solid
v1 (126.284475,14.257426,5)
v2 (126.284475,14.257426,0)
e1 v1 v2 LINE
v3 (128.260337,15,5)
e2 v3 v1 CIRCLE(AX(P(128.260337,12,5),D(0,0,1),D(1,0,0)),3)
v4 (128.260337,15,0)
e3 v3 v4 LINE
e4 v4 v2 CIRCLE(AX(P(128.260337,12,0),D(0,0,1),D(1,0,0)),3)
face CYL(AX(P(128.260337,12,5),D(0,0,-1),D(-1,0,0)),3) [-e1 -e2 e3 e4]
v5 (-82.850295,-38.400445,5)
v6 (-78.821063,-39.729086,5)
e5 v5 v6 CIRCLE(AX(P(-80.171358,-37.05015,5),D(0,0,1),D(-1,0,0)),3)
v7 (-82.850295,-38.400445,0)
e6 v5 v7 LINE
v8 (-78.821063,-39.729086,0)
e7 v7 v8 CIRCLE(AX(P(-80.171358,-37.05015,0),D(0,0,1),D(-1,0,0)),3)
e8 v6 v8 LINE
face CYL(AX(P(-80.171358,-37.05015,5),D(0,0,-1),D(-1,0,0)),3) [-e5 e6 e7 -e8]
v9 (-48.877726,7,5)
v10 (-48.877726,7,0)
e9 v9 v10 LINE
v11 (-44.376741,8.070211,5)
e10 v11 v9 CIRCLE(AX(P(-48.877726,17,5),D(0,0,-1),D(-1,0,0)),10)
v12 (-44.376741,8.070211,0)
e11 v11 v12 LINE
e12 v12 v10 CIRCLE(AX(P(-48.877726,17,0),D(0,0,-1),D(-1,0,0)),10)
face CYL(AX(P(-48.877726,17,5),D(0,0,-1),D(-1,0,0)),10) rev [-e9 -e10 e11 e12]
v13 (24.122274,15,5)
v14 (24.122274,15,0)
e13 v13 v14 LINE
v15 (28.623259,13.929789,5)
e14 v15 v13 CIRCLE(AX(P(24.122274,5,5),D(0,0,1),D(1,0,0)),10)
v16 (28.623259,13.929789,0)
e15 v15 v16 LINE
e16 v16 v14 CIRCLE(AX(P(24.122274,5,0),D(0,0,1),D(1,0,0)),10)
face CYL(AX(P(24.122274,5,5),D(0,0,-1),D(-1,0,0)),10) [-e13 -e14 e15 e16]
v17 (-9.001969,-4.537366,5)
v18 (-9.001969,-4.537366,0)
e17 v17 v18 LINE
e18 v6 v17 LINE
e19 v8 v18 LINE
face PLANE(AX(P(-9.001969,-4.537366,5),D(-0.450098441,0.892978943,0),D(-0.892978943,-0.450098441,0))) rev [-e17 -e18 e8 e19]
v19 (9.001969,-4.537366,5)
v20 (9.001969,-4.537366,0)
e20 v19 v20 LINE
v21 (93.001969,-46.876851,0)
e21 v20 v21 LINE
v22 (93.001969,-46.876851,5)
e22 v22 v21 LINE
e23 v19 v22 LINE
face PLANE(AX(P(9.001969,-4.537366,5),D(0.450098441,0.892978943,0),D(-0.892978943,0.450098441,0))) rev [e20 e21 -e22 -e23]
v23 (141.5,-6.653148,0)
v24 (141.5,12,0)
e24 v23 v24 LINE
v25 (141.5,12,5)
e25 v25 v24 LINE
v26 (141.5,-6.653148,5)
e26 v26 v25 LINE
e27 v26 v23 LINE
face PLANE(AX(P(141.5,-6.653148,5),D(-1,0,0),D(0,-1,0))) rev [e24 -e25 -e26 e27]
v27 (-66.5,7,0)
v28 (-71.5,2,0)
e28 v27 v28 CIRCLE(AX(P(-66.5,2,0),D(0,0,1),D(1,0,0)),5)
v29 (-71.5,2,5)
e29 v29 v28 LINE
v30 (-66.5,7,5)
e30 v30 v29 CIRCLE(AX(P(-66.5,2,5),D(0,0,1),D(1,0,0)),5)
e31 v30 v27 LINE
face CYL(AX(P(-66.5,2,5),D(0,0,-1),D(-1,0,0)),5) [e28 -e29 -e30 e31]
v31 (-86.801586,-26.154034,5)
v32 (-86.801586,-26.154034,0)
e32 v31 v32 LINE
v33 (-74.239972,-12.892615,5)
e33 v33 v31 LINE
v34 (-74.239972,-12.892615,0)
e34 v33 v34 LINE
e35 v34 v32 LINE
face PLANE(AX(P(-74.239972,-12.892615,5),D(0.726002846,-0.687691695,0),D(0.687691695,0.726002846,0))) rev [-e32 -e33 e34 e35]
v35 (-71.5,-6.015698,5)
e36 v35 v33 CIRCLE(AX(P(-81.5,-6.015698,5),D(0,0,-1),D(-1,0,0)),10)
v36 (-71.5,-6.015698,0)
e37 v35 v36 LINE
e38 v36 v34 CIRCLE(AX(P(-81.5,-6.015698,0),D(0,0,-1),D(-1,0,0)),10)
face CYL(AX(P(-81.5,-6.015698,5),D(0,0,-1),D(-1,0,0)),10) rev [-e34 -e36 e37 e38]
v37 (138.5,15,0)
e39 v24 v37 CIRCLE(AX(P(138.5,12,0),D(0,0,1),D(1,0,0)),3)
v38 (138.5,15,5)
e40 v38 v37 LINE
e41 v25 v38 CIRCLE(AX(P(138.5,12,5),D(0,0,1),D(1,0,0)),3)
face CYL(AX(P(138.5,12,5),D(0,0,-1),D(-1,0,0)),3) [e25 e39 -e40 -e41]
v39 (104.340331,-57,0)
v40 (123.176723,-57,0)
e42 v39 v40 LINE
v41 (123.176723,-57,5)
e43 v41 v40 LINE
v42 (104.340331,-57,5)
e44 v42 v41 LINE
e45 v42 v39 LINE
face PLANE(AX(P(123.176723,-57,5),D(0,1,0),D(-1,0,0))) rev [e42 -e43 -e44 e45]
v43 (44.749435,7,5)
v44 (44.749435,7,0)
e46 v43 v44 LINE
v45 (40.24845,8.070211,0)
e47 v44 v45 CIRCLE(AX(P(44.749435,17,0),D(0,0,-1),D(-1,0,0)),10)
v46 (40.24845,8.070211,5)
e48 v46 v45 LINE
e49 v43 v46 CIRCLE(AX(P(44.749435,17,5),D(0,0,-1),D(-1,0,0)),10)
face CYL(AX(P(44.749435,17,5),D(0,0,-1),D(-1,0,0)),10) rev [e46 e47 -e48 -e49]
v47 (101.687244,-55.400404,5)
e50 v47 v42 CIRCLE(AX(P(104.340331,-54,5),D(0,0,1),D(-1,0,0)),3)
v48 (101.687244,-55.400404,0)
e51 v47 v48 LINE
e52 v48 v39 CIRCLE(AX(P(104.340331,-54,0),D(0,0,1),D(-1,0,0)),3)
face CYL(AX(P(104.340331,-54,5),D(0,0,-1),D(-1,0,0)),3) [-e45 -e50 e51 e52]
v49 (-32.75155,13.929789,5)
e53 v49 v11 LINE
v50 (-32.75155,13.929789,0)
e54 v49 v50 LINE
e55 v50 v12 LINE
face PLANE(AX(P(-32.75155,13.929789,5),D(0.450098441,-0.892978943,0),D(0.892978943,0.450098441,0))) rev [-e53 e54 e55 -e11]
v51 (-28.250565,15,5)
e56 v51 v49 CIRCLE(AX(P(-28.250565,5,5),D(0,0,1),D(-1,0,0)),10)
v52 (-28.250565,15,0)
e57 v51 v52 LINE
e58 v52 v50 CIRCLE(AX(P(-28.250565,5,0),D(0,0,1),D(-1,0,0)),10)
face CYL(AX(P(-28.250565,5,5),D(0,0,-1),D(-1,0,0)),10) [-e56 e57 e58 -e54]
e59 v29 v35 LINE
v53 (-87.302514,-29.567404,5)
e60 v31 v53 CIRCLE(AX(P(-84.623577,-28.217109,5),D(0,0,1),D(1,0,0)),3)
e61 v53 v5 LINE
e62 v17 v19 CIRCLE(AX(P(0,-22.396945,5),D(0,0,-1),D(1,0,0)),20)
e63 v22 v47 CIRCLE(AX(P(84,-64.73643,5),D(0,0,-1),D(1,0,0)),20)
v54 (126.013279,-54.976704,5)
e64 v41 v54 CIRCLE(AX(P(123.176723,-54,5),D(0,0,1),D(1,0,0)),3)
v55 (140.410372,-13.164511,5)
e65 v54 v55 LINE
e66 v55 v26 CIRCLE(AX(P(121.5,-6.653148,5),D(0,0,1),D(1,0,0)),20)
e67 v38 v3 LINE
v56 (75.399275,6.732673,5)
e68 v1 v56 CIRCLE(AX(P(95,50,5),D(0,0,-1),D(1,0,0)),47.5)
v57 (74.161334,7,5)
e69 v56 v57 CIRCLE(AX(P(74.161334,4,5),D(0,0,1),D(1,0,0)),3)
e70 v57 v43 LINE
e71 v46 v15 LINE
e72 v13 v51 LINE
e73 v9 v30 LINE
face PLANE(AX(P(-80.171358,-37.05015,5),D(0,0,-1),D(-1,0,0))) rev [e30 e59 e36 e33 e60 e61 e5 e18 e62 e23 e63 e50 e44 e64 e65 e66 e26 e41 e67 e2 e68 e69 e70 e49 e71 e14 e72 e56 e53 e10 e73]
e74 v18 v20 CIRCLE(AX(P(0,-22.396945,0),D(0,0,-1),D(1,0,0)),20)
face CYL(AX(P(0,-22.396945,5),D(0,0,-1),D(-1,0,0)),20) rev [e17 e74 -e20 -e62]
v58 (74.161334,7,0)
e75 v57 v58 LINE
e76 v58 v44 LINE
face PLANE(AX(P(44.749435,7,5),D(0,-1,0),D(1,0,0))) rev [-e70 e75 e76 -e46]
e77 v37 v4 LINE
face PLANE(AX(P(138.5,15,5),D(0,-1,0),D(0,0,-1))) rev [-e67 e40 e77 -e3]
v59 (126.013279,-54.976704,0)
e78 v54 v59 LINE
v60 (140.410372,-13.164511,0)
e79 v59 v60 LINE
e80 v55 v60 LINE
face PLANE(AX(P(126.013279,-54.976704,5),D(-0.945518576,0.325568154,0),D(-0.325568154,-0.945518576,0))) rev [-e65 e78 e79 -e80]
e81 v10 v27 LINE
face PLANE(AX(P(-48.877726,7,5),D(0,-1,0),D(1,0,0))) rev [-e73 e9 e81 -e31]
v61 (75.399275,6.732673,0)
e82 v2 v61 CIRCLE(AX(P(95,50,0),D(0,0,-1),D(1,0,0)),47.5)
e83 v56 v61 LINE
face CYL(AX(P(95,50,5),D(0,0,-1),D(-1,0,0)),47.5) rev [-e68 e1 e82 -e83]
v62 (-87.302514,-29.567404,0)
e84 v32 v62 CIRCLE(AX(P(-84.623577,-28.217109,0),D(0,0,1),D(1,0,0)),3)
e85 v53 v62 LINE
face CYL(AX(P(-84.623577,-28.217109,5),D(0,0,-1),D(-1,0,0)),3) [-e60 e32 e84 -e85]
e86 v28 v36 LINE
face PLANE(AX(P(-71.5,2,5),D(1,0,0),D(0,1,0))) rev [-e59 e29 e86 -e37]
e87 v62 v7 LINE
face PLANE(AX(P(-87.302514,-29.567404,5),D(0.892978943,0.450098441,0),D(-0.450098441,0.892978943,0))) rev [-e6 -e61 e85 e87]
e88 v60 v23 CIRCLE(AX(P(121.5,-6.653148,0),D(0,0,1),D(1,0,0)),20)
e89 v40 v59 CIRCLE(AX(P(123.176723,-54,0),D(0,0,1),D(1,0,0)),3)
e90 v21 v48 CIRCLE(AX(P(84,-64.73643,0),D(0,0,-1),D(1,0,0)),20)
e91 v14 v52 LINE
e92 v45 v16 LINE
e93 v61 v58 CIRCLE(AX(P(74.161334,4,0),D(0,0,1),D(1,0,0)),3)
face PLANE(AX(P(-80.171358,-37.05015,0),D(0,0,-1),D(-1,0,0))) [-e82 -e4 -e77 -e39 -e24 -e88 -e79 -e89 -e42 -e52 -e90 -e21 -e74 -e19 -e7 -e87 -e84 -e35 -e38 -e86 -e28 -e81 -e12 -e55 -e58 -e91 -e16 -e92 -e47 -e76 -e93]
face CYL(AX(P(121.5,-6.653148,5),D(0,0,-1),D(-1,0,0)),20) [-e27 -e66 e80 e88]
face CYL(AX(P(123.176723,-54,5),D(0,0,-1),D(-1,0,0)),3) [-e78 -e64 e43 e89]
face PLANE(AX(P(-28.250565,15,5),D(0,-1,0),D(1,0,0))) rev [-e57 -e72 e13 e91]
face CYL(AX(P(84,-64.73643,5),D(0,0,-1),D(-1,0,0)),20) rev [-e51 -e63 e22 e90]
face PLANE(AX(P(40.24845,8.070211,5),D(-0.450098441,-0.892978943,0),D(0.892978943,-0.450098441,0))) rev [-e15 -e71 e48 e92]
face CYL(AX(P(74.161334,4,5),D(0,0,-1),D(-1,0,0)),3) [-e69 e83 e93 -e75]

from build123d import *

# Parameters (mm, degrees)
EXTRUDE1_DEPTH = 5


with BuildPart() as part:
    # Sketch1 → Extrude1 (new body)
    with BuildSketch(Plane.XY):
        with BuildLine():
            Line((9.001968821, -4.537365816), (93.001968821, -46.87685134))
            ThreePointArc((93.001968821, -46.87685134), (98.008613867, -50.462021725), (101.687244374, -55.40040394))
            ThreePointArc((101.687244374, -55.40040394), (102.79133326, -56.569164438), (104.34033103, -57))
            Line((104.34033103, -57), (123.176722972, -57))
            ThreePointArc((123.176722972, -57), (124.918831839, -56.442346555), (126.013278698, -54.976704463))
            Line((126.013278698, -54.976704463), (140.410371512, -13.164510908))
            ThreePointArc((140.410371512, -13.164510908), (141.225712031, -9.954099936), (141.5, -6.653147818))
            Line((141.5, -6.653147818), (141.5, 12))
            ThreePointArc((141.5, 12), (140.621320344, 14.121320344), (138.5, 15))
            Line((138.5, 15), (128.260336739, 15))
            ThreePointArc((128.260336739, 15), (127.204940422, 14.808226952), (126.284475151, 14.257425743))
            ThreePointArc((126.284475151, 14.257425743), (101.948595314, 3.0109904), (75.399274569, 6.732673267))
            ThreePointArc((75.399274569, 6.732673267), (74.794571806, 6.932406844), (74.161334016, 7))
            Line((74.161334016, 7), (44.749434711, 7))
            ThreePointArc((44.749434711, 7), (42.436200432, 7.271230953), (40.2484503, 8.070210566))
            Line((40.2484503, 8.070210566), (28.623258855, 13.929789434))
            ThreePointArc((28.623258855, 13.929789434), (26.435508723, 14.728769047), (24.122274444, 15))
            Line((24.122274444, 15), (-28.250565289, 15))
            ThreePointArc((-28.250565289, 15), (-30.563799568, 14.728769047), (-32.7515497, 13.929789434))
            Line((-32.7515497, 13.929789434), (-44.376741145, 8.070210566))
            ThreePointArc((-44.376741145, 8.070210566), (-46.564491277, 7.271230953), (-48.877725556, 7))
            Line((-48.877725556, 7), (-66.5, 7))
            ThreePointArc((-66.5, 7), (-70.035533906, 5.535533906), (-71.5, 2))
            Line((-71.5, 2), (-71.5, -6.015697791))
            ThreePointArc((-71.5, -6.015697791), (-72.210213011, -9.717029673), (-74.23997154, -12.892614743))
            Line((-74.23997154, -12.892614743), (-86.801586013, -26.154033952))
            ThreePointArc((-86.801586013, -26.154033952), (-87.591784672, -27.781510557), (-87.302514305, -29.56740436))
            Line((-87.302514305, -29.56740436), (-82.850295323, -38.400444957))
            ThreePointArc((-82.850295323, -38.400444957), (-81.110849912, -39.899247013), (-78.82106317, -39.729086464))
            Line((-78.82106317, -39.729086464), (-9.001968821, -4.537365816))
            ThreePointArc((-9.001968821, -4.537365816), (0, -2.396944684), (9.001968821, -4.537365816))
        make_face()
    extrude(amount=EXTRUDE1_DEPTH)


solid = part.part
